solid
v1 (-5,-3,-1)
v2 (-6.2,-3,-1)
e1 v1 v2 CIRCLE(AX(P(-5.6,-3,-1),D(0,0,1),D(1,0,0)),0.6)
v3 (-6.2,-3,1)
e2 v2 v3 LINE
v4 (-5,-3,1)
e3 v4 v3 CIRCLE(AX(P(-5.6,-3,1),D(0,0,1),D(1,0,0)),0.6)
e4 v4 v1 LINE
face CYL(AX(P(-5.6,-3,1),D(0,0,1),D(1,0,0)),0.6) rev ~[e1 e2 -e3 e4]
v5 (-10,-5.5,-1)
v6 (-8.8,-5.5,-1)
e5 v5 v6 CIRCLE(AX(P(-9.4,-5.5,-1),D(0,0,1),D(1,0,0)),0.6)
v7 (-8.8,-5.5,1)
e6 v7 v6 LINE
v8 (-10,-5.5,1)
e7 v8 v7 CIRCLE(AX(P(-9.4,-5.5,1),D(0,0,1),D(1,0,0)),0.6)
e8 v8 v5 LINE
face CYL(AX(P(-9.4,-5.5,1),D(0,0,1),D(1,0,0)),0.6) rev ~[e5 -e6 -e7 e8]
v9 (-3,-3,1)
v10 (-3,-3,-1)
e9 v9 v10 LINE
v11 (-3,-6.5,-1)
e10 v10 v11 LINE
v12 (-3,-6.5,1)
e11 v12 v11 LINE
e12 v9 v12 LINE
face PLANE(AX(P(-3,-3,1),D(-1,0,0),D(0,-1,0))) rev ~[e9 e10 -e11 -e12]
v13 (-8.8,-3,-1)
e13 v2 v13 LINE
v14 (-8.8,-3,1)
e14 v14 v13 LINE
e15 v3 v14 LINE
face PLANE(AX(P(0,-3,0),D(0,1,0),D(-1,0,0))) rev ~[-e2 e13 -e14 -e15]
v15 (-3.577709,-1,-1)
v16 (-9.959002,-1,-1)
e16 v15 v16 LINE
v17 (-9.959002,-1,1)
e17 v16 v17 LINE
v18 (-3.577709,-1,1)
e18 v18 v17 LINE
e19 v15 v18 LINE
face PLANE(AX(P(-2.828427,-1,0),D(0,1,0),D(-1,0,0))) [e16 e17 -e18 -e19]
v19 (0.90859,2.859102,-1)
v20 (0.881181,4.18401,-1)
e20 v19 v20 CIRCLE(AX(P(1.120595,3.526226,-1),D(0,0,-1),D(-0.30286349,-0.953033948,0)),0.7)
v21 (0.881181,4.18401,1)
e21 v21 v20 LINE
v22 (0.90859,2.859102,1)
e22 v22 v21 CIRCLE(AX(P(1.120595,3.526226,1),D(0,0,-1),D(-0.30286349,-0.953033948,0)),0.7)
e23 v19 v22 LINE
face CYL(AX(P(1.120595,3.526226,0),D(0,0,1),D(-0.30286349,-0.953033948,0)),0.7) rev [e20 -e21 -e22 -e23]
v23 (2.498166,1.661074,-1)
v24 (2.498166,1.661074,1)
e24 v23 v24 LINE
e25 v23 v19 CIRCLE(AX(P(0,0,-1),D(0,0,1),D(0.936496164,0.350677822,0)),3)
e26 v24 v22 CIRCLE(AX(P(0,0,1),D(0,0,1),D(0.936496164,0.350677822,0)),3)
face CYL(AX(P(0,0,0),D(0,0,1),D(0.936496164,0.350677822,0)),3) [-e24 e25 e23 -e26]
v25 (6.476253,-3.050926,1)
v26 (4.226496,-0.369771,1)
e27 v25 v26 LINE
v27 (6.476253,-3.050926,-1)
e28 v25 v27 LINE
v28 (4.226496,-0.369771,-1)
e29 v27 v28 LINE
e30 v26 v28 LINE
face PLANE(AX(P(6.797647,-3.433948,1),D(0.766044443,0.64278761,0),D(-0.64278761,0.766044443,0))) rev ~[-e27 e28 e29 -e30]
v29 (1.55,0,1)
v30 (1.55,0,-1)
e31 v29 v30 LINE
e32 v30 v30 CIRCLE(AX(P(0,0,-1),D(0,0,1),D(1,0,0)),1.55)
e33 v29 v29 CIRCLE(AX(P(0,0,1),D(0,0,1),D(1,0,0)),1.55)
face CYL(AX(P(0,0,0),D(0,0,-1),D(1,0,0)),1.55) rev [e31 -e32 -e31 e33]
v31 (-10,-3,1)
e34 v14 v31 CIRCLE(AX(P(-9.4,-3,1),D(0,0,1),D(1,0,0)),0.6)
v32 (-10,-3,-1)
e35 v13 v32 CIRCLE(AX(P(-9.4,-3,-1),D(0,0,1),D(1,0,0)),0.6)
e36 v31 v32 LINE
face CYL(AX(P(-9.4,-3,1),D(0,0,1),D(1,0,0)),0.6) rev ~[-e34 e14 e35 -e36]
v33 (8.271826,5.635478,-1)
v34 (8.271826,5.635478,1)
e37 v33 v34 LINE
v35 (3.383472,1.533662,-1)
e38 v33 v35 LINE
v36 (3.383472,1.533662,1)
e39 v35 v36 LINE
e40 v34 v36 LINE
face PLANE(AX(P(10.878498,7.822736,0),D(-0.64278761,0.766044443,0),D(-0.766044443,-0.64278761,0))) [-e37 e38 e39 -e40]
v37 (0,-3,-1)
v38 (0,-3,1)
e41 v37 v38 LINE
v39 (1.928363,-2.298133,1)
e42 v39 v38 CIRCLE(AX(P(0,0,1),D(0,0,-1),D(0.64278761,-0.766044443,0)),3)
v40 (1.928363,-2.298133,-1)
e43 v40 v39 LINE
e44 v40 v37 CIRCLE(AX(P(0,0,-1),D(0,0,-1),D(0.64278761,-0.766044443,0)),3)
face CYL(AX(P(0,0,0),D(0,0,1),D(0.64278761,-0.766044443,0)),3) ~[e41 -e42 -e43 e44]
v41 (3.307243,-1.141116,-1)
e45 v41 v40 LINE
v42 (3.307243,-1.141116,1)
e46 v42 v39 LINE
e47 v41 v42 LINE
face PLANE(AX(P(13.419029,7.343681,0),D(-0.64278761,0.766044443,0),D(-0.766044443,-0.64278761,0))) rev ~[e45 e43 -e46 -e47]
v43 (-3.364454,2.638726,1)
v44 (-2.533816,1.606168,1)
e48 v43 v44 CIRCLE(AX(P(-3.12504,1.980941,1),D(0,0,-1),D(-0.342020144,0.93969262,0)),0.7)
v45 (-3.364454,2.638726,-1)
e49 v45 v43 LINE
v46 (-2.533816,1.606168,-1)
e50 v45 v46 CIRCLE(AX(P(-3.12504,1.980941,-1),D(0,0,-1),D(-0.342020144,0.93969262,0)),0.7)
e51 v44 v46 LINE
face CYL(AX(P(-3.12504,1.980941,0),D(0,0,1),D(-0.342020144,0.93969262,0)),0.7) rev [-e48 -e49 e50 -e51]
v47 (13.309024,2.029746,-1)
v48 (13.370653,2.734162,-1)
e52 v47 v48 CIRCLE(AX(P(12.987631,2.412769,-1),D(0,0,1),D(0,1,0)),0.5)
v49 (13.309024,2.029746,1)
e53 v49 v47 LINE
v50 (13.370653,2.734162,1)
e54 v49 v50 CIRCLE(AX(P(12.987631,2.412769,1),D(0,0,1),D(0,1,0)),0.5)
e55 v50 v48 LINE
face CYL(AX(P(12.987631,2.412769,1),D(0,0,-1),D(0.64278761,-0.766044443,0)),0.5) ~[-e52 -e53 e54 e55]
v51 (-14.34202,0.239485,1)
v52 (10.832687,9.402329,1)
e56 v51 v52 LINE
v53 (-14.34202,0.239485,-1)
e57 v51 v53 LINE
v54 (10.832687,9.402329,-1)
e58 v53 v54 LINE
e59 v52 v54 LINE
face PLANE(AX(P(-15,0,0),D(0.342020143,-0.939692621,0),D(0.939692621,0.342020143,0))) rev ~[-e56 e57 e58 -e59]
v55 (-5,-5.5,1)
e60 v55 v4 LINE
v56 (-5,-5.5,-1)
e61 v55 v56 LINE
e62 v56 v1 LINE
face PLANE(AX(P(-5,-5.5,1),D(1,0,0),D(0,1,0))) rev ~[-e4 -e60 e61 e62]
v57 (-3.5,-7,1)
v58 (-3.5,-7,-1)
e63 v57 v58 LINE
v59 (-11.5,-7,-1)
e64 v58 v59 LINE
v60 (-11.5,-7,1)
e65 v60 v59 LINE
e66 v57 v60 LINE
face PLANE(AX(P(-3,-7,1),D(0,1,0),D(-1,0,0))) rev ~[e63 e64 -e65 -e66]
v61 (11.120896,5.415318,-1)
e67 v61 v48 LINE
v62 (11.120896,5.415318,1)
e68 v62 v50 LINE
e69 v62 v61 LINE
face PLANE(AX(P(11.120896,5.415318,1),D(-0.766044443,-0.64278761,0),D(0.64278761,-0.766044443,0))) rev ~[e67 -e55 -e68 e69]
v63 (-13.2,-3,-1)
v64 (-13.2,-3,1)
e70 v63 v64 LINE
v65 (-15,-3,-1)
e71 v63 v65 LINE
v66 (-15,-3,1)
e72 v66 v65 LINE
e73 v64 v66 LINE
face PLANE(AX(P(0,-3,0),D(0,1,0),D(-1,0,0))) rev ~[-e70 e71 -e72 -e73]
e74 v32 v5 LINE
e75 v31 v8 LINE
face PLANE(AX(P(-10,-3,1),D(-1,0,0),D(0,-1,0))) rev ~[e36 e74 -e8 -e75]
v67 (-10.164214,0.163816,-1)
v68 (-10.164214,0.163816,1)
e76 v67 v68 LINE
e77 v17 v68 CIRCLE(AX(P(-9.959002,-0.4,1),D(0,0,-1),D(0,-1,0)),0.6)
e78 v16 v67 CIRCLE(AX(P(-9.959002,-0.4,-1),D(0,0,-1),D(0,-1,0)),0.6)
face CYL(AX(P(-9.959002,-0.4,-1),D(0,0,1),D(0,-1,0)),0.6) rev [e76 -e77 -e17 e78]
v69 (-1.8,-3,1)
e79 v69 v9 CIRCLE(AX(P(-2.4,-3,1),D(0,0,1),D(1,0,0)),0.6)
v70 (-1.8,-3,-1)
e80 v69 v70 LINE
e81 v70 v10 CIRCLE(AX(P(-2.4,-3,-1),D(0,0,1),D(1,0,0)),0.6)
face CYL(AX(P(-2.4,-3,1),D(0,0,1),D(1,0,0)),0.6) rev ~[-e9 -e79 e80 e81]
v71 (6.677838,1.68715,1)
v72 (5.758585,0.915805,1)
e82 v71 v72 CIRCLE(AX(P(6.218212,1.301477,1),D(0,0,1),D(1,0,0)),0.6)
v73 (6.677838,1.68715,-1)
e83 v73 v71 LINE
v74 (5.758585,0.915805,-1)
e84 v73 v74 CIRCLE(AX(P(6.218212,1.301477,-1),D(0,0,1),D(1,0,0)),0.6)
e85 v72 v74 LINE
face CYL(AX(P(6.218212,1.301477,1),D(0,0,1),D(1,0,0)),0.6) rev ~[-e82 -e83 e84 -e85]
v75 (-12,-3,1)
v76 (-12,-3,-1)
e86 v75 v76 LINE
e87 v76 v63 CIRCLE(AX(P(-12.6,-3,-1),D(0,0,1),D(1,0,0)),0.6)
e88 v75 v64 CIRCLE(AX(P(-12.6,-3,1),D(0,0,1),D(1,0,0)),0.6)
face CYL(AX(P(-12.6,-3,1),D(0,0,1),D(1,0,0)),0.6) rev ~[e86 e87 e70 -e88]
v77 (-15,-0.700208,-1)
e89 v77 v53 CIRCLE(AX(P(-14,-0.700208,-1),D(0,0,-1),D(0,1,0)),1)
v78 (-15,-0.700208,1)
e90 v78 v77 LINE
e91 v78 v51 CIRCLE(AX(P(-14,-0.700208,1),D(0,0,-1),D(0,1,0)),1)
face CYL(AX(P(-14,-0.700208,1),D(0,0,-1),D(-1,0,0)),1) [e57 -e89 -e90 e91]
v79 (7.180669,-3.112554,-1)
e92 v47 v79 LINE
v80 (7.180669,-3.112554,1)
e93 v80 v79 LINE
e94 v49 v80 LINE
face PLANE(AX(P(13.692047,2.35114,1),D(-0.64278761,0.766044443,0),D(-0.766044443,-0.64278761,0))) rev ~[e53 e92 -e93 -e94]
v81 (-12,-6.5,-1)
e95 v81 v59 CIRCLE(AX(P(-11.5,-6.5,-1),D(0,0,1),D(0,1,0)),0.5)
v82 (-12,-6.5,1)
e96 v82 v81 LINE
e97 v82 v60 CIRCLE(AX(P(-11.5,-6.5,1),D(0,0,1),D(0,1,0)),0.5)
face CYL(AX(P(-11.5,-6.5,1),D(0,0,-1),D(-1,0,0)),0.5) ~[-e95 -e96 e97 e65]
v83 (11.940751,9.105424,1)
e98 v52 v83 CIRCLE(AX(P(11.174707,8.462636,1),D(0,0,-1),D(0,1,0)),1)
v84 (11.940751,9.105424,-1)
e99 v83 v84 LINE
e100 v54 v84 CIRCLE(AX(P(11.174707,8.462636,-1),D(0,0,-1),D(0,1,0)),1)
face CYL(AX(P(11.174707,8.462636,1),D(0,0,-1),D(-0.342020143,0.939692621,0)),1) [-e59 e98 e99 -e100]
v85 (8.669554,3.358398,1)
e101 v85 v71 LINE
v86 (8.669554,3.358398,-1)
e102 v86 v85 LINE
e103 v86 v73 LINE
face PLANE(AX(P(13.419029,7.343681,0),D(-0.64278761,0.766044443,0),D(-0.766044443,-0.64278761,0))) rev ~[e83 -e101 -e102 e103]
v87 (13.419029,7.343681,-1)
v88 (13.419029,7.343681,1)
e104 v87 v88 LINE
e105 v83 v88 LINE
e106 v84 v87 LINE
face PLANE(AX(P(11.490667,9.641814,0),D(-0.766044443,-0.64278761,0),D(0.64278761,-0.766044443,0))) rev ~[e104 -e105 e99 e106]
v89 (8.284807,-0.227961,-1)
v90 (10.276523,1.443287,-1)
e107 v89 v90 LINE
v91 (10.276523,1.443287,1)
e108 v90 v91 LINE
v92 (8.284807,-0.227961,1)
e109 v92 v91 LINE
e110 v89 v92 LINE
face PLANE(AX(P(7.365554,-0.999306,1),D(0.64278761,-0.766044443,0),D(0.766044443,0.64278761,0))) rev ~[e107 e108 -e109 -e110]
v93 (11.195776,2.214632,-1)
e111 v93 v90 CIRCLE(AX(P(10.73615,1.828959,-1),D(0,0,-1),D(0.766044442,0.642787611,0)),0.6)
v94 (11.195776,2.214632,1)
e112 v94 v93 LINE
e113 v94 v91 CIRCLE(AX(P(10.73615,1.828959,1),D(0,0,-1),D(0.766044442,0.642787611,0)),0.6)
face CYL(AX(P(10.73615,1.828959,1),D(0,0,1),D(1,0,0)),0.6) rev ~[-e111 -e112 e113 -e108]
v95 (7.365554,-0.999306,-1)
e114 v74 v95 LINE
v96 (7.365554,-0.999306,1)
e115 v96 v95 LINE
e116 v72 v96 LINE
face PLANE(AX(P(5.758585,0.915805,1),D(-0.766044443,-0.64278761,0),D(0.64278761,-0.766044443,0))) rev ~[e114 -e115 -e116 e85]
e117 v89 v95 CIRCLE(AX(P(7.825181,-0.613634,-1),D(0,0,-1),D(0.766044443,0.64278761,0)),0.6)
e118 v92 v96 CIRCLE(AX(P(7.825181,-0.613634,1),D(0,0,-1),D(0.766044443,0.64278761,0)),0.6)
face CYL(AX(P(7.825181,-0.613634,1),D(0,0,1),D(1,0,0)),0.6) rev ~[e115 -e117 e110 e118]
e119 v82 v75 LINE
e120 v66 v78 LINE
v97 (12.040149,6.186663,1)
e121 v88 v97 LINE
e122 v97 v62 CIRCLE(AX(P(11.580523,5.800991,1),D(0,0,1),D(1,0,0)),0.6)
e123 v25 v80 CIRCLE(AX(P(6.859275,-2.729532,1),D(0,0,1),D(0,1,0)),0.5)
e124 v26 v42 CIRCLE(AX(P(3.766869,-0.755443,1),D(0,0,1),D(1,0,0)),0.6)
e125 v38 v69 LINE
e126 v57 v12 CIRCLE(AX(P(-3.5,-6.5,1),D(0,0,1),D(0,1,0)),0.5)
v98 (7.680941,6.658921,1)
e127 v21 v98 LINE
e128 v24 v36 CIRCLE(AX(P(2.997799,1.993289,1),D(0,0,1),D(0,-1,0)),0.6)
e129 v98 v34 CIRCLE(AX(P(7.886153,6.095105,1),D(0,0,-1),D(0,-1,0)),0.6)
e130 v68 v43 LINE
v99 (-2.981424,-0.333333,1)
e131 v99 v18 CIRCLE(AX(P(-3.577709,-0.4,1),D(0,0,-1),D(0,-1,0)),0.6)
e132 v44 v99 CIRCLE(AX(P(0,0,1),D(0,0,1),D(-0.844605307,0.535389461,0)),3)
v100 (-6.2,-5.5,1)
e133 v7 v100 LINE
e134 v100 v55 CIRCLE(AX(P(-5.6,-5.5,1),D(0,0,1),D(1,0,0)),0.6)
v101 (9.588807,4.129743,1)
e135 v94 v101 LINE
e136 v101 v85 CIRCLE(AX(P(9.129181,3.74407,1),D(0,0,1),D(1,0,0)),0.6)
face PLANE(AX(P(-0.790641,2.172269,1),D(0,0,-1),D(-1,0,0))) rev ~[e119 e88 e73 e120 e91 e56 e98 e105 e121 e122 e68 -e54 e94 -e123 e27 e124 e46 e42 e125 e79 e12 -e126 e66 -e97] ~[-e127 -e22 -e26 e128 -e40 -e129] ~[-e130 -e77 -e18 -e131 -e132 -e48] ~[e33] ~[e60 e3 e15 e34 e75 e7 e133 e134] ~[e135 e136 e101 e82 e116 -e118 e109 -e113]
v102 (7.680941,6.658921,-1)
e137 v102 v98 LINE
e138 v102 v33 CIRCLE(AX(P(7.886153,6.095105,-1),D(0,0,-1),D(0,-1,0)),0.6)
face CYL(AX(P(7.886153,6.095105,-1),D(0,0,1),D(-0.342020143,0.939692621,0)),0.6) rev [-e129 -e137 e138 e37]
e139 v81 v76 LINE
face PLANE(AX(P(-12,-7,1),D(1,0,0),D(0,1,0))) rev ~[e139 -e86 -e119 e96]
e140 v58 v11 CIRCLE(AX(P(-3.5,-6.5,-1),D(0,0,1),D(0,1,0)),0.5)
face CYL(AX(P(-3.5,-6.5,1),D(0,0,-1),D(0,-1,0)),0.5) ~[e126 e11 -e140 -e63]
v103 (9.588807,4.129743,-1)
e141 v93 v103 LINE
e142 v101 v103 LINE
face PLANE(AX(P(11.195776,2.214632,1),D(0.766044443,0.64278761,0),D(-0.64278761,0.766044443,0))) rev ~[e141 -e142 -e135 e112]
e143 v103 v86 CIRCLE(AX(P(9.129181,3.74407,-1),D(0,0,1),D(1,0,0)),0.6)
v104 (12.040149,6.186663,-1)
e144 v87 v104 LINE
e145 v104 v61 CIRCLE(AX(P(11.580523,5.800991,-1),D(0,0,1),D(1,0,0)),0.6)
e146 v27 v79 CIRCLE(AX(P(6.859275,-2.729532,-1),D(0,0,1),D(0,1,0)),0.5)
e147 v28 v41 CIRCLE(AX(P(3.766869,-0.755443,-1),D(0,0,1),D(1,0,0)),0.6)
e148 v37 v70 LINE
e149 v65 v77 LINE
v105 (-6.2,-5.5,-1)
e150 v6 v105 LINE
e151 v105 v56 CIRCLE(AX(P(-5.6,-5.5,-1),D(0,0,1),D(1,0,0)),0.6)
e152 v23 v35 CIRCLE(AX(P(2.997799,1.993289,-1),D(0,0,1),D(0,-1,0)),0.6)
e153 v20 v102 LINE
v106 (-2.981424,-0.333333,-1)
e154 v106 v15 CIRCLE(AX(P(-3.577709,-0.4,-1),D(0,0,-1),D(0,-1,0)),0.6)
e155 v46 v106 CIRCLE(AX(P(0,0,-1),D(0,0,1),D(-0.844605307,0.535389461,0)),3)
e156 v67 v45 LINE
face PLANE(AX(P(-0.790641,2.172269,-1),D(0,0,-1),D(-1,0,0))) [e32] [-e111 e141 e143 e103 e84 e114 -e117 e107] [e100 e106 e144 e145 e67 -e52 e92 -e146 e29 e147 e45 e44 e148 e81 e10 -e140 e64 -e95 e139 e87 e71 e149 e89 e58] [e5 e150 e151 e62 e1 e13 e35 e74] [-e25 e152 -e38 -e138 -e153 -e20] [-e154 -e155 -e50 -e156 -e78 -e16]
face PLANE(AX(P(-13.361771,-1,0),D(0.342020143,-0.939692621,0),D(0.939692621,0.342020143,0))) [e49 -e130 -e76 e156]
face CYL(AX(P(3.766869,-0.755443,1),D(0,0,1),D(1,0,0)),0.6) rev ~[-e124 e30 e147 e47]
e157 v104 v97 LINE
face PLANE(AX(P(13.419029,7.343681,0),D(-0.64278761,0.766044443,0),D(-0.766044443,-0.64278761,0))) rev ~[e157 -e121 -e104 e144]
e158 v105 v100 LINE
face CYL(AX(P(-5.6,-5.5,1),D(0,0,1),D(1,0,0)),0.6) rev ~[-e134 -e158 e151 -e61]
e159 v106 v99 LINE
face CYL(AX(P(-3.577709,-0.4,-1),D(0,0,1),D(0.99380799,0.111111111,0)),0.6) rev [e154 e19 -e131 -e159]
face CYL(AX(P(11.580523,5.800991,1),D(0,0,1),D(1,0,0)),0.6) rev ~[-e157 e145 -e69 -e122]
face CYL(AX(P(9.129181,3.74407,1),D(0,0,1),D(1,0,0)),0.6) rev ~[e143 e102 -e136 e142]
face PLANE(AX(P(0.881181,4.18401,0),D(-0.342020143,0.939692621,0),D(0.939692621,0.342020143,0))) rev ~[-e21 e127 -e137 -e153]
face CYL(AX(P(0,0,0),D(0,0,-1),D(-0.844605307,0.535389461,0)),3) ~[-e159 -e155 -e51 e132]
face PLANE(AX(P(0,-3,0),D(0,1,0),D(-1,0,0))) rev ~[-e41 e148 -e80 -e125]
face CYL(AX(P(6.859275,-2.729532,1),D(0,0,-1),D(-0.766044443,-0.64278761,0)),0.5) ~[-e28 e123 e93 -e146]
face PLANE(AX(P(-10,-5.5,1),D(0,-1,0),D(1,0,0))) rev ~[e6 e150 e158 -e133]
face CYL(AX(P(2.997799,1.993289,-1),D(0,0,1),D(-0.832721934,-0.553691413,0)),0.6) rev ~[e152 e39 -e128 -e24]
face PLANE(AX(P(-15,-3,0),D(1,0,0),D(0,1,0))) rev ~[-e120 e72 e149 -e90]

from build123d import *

# Parameters (mm, degrees)
SKETCH_1_R          = 1.55
EXTRUDE_1_DEPTH     = 1
FILLET_1_R          = 0.6
EXTRUDE_2_DEPTH     = 2
SKETCH_3_R          = 0.6
CUT_EXTRUDE_1_DEPTH = 3
FILLET_2_R          = 0.5
FILLET_3_R          = 1


with BuildPart() as part:
    # 草图1 → 凸台-拉伸1 (new body, symmetric)
    with BuildSketch(Plane.XY):
        with BuildLine():
            Line((0, -3), (-15, -3))
            Line((-15, -3), (-15, 0))
            Line((-15, 0), (11.490666647, 9.641814145))
            Line((11.490666647, 9.641814145), (13.419029476, 7.343680816))
            Line((13.419029476, 7.343680816), (1.928362829, -2.298133329))
            ThreePointArc((1.928362829, -2.298133329), (1.02606043, -2.819077862), (0, -3))
        make_face()
        Circle(SKETCH_1_R, mode=Mode.SUBTRACT)
        with BuildLine():
            Line((-13.361770819, -1), (-3.364453737, 2.63872584))
            ThreePointArc((-3.364453737, 2.63872584), (-2.579616657, 2.419704921), (-2.533815922, 1.606168383))
            ThreePointArc((-2.533815922, 1.606168383), (-2.981013424, 0.336985115), (-2.828427125, -1))
            Line((-2.828427125, -1), (-13.361770819, -1))
        make_face(mode=Mode.SUBTRACT)
        with BuildLine():
            Line((10.878497896, 7.822736283), (2.809488491, 1.052033468))
            ThreePointArc((2.809488491, 1.052033468), (2.066978912, 2.174304068), (0.908590471, 2.859101844))
            ThreePointArc((0.908590471, 2.859101844), (0.420744663, 3.511747133), (0.881180814, 4.184010443))
            Line((0.881180814, 4.184010443), (10.878497896, 7.822736283))
        make_face(mode=Mode.SUBTRACT)
    extrude(amount=EXTRUDE_1_DEPTH, both=True)

    # 圆角1
    fillet_1_edges = [part.edges().sort_by_distance(p)[0] for p in [
        (-13.361770819, -1, 0),
        (-2.828427125, -1, 0),
        (10.878497896, 7.822736283, 0),
        (2.809488491, 1.052033468, 0),
    ]]
    fillet(fillet_1_edges, radius=FILLET_1_R)

    # 草图2 → 凸台-拉伸2 (add)
    with BuildSketch(Plane.XY.offset(1)):
        Polygon((-12, -3), (-10, -3), (-10, -5.5), (-5, -5.5), (-5, -3), (-3, -3), (-3, -7), (-12, -7), align=None)
        Polygon((11.120896146, 5.415317987), (13.692046585, 2.351140214), (6.797646597, -3.433948273), (4.226496158, -0.3697705), (5.758585045, 0.915804719), (7.365554069, -0.999306389), (11.195776284, 2.21463166), (9.58880726, 4.129742768), align=None)
    extrude(amount=-EXTRUDE_2_DEPTH)

    # 草图3 → 切除-拉伸1 (cut, through all)
    with BuildSketch(Plane.XY.offset(1)):
        with Locations((-5.6, -3)):
            Circle(SKETCH_3_R)
        with Locations((-5.6, -5.5)):
            Circle(SKETCH_3_R)
        with Locations((-9.4, -3)):
            Circle(SKETCH_3_R)
        with Locations((-9.4, -5.5)):
            Circle(SKETCH_3_R)
        with Locations((6.218211711, 1.301477285)):
            Circle(SKETCH_3_R)
        with Locations((7.825180735, -0.613633823)):
            Circle(SKETCH_3_R)
        with Locations((9.129180594, 3.744070202)):
            Circle(SKETCH_3_R)
        with Locations((10.736149619, 1.828959094)):
            Circle(SKETCH_3_R)
        with Locations((-12.6, -3)):
            Circle(SKETCH_3_R)
        with Locations((-2.4, -3)):
            Circle(SKETCH_3_R)
        with Locations((3.766869493, -0.755443066)):
            Circle(SKETCH_3_R)
        with Locations((11.580522812, 5.800990553)):
            Circle(SKETCH_3_R)
    extrude(amount=-CUT_EXTRUDE_1_DEPTH, mode=Mode.SUBTRACT)

    # 圆角2
    fillet_2_edges = [part.edges().sort_by_distance(p)[0] for p in [
        (13.692046585, 2.351140214, 0),
        (6.797646597, -3.433948273, 0),
        (-12, -7, 0),
        (-3, -7, 0),
    ]]
    fillet(fillet_2_edges, radius=FILLET_2_R)

    # 圆角3
    fillet_3_edges = [part.edges().sort_by_distance(p)[0] for p in [
        (-15, 0, 0),
        (11.490666647, 9.641814145, 0),
    ]]
    fillet(fillet_3_edges, radius=FILLET_3_R)


solid = part.part
